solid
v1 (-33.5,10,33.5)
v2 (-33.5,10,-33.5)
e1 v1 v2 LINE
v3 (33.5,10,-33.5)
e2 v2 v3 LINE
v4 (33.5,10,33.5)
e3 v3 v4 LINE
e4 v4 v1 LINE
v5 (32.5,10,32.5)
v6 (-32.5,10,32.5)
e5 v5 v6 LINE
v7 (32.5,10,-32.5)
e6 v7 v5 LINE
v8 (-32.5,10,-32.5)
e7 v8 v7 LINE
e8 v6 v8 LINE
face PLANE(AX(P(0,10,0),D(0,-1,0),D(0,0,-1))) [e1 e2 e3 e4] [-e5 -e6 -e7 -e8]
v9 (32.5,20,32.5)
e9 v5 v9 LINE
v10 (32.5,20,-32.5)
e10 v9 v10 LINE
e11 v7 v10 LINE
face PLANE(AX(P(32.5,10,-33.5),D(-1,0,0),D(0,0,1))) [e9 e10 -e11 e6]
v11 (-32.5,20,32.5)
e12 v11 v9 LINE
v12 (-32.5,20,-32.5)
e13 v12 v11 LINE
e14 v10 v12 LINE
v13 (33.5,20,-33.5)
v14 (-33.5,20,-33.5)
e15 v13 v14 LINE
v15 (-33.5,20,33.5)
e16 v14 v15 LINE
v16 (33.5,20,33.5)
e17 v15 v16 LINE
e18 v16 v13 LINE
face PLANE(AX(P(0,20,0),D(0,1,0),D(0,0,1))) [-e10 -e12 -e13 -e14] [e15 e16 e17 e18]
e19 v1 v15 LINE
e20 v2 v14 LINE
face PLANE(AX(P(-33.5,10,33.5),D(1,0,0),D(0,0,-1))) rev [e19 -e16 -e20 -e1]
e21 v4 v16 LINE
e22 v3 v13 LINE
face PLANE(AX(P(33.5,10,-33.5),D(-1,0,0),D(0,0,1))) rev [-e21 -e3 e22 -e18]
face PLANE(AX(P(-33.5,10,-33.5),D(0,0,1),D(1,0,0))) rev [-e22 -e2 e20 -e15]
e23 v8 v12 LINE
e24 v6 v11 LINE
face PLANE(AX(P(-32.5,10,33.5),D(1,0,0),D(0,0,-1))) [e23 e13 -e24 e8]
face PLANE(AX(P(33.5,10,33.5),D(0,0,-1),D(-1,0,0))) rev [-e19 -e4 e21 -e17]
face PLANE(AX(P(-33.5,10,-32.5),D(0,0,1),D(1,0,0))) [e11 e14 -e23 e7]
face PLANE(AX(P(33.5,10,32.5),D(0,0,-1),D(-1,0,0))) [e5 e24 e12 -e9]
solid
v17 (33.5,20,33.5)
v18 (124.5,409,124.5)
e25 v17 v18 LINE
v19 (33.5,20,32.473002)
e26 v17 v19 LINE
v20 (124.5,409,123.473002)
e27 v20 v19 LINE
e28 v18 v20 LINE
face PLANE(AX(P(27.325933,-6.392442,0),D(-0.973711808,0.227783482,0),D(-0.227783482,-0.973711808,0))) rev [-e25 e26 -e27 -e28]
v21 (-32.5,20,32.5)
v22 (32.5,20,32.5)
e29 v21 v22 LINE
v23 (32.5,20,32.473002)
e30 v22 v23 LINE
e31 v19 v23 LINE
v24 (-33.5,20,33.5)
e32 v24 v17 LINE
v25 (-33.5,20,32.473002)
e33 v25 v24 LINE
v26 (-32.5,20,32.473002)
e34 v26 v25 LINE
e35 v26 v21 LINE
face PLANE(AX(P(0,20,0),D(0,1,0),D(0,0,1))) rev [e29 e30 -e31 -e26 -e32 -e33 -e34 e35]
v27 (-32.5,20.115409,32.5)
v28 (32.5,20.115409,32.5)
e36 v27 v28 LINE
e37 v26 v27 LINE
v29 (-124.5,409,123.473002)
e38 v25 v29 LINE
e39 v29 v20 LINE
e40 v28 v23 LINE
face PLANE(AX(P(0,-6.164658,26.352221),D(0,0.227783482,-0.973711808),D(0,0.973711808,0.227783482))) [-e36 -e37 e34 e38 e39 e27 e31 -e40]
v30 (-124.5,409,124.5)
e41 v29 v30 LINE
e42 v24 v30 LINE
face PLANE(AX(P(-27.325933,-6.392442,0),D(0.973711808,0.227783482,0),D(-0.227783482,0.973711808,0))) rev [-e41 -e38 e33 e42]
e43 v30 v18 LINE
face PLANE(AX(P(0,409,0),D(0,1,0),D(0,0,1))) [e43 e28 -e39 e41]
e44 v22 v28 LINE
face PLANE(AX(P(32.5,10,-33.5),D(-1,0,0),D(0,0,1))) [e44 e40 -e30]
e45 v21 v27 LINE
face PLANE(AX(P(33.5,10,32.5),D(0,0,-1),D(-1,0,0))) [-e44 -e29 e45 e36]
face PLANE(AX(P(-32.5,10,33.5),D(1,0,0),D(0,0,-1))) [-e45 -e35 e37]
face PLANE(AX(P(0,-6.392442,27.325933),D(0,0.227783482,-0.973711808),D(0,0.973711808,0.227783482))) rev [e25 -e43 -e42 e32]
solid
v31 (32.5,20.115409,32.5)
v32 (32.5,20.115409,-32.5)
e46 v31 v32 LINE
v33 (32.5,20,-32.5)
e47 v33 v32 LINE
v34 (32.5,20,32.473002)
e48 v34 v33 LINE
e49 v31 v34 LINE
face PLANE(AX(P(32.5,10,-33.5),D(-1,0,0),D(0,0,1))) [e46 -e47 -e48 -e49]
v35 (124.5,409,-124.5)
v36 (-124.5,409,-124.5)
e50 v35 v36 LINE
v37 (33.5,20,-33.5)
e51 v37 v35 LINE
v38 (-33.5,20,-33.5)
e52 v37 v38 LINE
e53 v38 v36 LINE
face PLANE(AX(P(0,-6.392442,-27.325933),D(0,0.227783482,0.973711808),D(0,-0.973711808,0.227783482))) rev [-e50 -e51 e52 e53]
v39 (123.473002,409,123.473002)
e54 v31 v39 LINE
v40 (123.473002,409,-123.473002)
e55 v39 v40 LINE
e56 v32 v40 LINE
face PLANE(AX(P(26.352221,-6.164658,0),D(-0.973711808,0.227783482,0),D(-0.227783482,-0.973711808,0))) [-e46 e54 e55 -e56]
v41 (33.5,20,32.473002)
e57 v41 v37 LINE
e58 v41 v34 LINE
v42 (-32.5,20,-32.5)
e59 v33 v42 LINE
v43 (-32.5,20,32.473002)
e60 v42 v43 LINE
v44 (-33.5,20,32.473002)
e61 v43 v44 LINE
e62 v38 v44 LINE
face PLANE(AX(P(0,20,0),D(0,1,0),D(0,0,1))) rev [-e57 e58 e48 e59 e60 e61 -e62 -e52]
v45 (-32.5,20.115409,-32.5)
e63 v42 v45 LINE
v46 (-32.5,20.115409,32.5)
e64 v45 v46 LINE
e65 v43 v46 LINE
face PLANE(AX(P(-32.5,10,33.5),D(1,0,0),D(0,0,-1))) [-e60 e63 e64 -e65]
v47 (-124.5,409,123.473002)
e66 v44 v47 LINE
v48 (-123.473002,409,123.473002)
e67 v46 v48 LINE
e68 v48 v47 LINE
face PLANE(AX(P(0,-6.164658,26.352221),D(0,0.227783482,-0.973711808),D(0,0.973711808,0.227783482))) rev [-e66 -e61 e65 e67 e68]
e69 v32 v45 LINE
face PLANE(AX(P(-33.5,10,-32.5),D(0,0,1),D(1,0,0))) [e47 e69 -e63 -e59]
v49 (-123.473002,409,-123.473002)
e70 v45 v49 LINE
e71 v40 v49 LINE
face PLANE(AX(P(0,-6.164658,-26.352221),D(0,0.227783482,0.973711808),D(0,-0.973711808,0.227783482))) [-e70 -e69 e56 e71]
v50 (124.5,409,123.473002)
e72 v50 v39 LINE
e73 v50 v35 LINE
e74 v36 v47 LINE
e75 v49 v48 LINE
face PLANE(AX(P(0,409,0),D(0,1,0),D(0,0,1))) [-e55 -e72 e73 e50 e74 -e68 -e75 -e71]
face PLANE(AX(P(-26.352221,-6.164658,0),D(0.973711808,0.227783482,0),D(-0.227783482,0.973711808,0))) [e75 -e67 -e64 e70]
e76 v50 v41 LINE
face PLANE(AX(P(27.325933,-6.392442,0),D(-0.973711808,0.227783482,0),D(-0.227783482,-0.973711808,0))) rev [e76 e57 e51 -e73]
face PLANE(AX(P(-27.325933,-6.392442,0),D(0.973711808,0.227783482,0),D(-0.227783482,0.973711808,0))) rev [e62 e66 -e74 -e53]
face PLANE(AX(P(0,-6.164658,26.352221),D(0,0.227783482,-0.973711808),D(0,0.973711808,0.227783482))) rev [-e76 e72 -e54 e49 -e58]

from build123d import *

# Parameters (mm, degrees)
SKETCH4_W           = 67
SKETCH4_H           = 67
BOSS_EXTRUDE1_DEPTH = 10
SHELL1_T            = -1
SKETCH5_W           = 633.424924629
SKETCH5_H           = 1048.938211475


with BuildPart() as part:
    # Sketch1 → Loft1 section 0
    with BuildSketch(Plane(origin=(0, 20, 0), x_dir=(1, 0, 0), z_dir=(0, 1, 0))):
        with BuildLine():
            Line((-33.5, -33.5), (33.5, -33.5))
            Line((33.5, -33.5), (33.5, 33.5))
            Line((33.5, 33.5), (-33.5, 33.5))
            Line((-33.5, 33.5), (-33.5, -33.5))
        make_face()
    # Sketch3 → Loft1 section 1
    with BuildSketch(Plane(origin=(0, 409, 0), x_dir=(1, 0, 0), z_dir=(0, 1, 0))):
        with BuildLine():
            Line((-124.5, 124.5), (-124.5, -124.5))
            Line((-124.5, -124.5), (124.5, -124.5))
            Line((124.5, -124.5), (124.5, 124.5))
            Line((124.5, 124.5), (-124.5, 124.5))
        make_face()
    loft()

    # Sketch4 → Boss-Extrude1 (add)
    with BuildSketch(Plane.XZ.offset(-20)):
        Rectangle(SKETCH4_W, SKETCH4_H)
    extrude(amount=BOSS_EXTRUDE1_DEPTH)

    # Shell1
    shell1_openings = [part.faces().sort_by_distance(p)[0] for p in [
        (0, 409, 0),
        (0, 10, 0),
    ]]
    offset(amount=SHELL1_T, openings=shell1_openings, kind=Kind.INTERSECTION)


with BuildPart() as body_2:
    # Split2: the piece on the far side of the plane
    add(part.part)
    split(bisect_by=Plane.ZX.offset(20), keep=Keep.BOTTOM)


with BuildPart() as part_1:
    add(part.part)

    # Split2
    split(bisect_by=Plane.ZX.offset(20), keep=Keep.TOP)


with BuildPart() as body_3:
    # Split1: the piece behind the surface
    add(part_1.part)
    # Sketch5 → Surface-Plane1: a flat surface bounded by the sketch
    with BuildSketch(Plane(origin=(0, -6.164658342, 26.352220824), x_dir=(-1, 0, 0), z_dir=(0, 0.2277834821060713, -0.9737118081237555)), mode=Mode.PRIVATE) as surface_plane1_1_region:
        with Locations((37.459244568, 105.176722524)):
            Rectangle(SKETCH5_W, SKETCH5_H)
    surface_plane1_1 = surface_plane1_1_region.sketch.faces()[0]
    split(bisect_by=surface_plane1_1, keep=Keep.BOTTOM)


with BuildPart() as part_2:
    add(part_1.part)

    # Split1: split by a surface, the side it looks to stays
    # Sketch5 → Surface-Plane1: a flat surface bounded by the sketch
    with BuildSketch(Plane(origin=(0, -6.164658342, 26.352220824), x_dir=(-1, 0, 0), z_dir=(0, 0.2277834821060713, -0.9737118081237555)), mode=Mode.PRIVATE) as surface_plane1_2_region:
        with Locations((37.459244568, 105.176722524)):
            Rectangle(SKETCH5_W, SKETCH5_H)
    surface_plane1_2 = surface_plane1_2_region.sketch.faces()[0]
    split(bisect_by=surface_plane1_2, keep=Keep.TOP)


solid = Compound([body_2.part, body_3.part, part_2.part])
